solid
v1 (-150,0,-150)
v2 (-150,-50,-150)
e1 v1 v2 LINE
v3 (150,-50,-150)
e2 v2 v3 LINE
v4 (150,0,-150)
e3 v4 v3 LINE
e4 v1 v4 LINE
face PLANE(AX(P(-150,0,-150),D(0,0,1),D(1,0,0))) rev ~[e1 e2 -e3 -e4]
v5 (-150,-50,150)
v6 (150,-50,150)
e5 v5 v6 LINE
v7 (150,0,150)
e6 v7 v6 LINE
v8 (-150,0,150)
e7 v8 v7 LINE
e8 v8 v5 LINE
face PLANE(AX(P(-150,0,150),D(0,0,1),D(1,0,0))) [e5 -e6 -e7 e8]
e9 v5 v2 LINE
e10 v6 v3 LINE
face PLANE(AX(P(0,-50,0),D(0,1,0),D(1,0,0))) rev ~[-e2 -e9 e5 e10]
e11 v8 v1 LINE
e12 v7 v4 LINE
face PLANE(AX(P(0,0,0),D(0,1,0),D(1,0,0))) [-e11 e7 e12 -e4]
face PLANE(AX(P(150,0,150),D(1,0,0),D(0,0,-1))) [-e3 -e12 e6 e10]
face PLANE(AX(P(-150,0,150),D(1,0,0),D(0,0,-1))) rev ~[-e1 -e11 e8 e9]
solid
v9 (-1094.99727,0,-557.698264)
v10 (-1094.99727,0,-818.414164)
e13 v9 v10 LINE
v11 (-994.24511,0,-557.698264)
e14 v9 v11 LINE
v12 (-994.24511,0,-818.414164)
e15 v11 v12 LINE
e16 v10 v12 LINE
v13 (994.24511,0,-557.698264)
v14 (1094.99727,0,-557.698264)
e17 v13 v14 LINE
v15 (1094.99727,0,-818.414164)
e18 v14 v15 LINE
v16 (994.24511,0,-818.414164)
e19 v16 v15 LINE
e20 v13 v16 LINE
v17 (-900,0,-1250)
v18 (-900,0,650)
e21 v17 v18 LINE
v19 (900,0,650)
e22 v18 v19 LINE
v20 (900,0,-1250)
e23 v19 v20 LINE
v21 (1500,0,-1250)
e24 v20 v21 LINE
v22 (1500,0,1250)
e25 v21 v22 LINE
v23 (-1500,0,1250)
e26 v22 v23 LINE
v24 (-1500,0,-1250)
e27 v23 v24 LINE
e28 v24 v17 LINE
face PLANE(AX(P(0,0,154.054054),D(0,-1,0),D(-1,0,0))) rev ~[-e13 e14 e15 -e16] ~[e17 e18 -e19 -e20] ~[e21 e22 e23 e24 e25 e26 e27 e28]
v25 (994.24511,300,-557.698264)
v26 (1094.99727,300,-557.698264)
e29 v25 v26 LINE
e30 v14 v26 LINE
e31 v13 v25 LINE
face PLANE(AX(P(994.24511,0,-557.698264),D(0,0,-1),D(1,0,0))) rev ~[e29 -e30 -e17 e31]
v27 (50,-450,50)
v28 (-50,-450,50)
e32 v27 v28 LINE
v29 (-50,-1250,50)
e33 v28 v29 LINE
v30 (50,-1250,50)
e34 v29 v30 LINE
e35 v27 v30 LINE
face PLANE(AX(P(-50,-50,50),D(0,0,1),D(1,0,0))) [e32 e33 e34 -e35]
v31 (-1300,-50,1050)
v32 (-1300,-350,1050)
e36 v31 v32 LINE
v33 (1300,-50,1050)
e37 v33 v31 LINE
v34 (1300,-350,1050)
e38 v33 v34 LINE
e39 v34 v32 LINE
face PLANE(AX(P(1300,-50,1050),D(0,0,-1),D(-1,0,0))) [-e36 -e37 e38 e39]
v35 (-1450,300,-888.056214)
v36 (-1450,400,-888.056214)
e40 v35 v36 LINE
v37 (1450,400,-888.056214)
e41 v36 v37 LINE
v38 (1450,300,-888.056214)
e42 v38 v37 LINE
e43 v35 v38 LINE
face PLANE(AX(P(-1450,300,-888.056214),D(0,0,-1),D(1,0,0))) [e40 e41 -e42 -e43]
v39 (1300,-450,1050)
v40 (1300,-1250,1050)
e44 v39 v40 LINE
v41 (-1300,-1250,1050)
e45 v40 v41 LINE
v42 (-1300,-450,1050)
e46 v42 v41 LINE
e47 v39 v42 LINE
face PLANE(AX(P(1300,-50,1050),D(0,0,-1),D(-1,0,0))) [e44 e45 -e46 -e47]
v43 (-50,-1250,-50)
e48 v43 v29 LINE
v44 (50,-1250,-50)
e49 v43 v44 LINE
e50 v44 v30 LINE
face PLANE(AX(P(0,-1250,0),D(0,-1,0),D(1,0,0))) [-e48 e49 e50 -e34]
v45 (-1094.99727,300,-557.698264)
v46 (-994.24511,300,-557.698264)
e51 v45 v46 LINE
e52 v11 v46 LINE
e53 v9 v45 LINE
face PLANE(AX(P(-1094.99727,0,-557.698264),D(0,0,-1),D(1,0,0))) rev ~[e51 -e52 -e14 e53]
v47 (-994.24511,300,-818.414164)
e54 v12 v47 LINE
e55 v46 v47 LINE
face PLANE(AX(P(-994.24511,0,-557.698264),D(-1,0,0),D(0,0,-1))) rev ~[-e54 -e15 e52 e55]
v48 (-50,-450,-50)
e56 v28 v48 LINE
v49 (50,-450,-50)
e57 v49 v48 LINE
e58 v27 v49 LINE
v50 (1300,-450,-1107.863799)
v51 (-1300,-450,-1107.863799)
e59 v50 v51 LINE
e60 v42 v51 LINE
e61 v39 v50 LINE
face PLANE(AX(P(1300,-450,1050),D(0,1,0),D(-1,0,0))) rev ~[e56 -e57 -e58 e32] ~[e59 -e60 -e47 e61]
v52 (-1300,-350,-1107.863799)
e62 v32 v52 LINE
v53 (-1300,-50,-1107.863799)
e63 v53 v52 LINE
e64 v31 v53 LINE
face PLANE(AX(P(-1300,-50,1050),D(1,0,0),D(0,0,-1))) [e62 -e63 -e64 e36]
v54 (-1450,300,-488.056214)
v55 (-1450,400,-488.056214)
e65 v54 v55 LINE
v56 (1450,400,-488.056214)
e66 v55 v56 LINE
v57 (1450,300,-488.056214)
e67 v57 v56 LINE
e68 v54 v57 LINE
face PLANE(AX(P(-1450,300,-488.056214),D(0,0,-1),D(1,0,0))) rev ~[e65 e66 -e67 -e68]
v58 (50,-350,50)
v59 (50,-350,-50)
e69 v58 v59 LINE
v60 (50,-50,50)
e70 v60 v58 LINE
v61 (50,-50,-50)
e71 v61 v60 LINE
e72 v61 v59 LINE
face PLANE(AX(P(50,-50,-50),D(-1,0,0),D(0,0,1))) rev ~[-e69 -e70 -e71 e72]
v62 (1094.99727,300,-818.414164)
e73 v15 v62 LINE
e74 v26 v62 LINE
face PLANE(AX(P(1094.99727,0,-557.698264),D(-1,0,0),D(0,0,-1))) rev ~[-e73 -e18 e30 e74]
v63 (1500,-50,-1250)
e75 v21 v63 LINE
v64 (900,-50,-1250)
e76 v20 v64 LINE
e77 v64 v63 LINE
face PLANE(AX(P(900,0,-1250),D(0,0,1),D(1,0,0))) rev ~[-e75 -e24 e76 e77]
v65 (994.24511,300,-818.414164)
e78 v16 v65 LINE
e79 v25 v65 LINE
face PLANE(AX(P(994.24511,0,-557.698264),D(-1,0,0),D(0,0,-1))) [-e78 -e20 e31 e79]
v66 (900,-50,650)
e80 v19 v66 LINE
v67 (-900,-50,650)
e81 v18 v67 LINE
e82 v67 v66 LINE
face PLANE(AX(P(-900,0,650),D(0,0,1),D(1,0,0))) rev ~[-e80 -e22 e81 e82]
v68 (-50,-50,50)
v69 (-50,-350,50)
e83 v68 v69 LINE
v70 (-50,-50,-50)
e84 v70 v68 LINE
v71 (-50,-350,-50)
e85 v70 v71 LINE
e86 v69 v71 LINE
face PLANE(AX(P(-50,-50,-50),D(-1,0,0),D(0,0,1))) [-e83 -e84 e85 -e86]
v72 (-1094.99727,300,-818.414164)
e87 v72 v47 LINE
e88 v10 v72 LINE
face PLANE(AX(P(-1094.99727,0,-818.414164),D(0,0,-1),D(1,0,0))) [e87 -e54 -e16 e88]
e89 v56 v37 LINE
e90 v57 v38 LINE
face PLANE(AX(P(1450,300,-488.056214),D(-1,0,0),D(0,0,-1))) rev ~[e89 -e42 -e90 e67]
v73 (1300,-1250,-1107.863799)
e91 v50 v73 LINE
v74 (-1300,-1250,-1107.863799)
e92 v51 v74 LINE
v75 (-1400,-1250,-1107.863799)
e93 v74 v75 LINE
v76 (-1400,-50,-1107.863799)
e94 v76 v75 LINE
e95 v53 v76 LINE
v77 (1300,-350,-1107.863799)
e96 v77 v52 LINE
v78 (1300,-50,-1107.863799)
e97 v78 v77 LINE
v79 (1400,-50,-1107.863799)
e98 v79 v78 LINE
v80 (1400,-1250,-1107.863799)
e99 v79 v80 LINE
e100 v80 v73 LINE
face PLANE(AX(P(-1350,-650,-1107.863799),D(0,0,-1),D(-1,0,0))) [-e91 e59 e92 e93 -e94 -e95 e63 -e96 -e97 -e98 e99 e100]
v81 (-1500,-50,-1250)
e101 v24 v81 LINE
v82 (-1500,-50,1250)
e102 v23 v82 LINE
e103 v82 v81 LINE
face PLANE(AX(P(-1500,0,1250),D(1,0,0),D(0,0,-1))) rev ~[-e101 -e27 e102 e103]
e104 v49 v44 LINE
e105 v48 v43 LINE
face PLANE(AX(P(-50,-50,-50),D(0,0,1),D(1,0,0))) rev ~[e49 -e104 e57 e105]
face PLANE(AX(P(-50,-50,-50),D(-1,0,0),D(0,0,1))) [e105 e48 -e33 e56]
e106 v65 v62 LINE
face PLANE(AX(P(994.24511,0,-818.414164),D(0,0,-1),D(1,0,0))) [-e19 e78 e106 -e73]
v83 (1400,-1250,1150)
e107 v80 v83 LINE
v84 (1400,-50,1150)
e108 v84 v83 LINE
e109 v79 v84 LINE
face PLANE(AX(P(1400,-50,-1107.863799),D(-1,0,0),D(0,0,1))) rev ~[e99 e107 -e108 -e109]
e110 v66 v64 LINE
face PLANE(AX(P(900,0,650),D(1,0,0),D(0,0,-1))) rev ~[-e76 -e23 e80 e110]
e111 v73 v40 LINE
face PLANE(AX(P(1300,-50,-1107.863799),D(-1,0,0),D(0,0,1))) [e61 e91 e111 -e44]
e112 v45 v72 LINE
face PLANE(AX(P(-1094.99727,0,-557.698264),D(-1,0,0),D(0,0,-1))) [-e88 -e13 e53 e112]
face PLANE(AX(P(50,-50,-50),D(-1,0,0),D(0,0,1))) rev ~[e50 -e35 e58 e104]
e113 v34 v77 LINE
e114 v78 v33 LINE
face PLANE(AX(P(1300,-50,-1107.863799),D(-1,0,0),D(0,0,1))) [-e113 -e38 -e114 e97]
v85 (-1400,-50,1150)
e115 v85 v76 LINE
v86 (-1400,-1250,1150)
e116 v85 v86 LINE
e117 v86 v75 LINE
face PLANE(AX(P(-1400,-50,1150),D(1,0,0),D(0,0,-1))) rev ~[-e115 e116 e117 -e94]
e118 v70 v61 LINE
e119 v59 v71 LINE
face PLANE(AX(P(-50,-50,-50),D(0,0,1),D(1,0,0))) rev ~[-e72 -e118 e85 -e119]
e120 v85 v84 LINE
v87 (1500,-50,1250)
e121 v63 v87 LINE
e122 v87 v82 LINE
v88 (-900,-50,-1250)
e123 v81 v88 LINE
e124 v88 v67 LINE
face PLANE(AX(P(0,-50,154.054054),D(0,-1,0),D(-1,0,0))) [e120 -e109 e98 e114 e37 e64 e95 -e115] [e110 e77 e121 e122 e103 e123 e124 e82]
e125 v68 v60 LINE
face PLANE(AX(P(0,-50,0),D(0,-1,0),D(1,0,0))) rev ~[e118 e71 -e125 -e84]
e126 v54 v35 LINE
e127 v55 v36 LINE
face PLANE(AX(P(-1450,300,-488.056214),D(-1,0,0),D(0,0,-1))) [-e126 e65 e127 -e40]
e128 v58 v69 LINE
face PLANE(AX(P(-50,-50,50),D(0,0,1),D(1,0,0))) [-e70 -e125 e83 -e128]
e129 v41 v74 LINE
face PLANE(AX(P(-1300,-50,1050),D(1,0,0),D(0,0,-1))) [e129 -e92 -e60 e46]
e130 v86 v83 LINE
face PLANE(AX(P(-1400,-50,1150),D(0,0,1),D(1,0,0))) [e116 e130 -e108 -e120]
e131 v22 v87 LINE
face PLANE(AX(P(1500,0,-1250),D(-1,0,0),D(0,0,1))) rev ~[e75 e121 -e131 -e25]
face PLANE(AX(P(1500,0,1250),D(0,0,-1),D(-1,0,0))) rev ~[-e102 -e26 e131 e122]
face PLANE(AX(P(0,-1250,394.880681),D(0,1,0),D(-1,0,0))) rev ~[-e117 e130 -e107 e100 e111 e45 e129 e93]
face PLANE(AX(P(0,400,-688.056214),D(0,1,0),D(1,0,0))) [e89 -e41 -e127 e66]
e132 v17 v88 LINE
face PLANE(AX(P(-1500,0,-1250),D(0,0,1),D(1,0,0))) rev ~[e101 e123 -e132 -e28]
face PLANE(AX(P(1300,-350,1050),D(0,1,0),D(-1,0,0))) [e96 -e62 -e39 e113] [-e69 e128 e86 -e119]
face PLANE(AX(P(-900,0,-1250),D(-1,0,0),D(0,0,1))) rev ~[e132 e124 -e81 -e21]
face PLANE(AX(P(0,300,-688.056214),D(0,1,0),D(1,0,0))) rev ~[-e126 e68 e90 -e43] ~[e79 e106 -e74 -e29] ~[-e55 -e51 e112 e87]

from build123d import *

# Parameters (mm, degrees)
BOSS_EXTRUDE1_DEPTH   = 50
SKETCH1_W             = 300
SKETCH1_H             = 300
BOSS_EXTRUDE1_2_DEPTH = 50
SKETCH2_W             = 100
SKETCH2_H             = 100
BOSS_EXTRUDE2_DEPTH   = 1200
BOSS_EXTRUDE3_REACH   = 3019.035
SKETCH3_W             = 2600
SKETCH3_H             = 100
SKETCH4_W             = 100.752159197
SKETCH4_H             = 260.715900264
BOSS_EXTRUDE4_DEPTH   = 300
SKETCH5_W             = 2900
SKETCH5_H             = 400
BOSS_EXTRUDE5_DEPTH   = 100


with BuildPart() as part:
    # Sketch1 → Boss-Extrude1 (new body)
    with BuildSketch(Plane(origin=(0, 0, 0), x_dir=(1, 0, 0), z_dir=(0, 1, 0))):
        Polygon((-900, 1250), (-900, -650), (900, -650), (900, 1250), (1500, 1250), (1500, -1250), (-1500, -1250), (-1500, 1250), align=None)
    extrude(amount=-BOSS_EXTRUDE1_DEPTH)

    # Sketch2 → Boss-Extrude2 (add)
    with BuildSketch(Plane.XZ.offset(50)):
        Polygon((-1400, 1150), (1400, 1150), (1400, 1050), (1400, -1107.863798508), (1300, -1107.863798508), (1300, 1050), (-1300, 1050), (-1300, -1107.863798508), (-1400, -1107.863798508), (-1400, 1050), align=None)
        Rectangle(SKETCH2_W, SKETCH2_H)
    extrude(amount=BOSS_EXTRUDE2_DEPTH)


with BuildPart() as body_2:
    # Sketch1 → Boss-Extrude1 2 (new body)
    with BuildSketch(Plane(origin=(0, 0, 0), x_dir=(1, 0, 0), z_dir=(0, 1, 0))):
        Rectangle(SKETCH1_W, SKETCH1_H)
    extrude(amount=-BOSS_EXTRUDE1_2_DEPTH)


with BuildPart() as boss_extrude2_piece_1:
    # of the separate pieces the step leaves, piece 1, a body of its own (boss_extrude2_pieces)
    add(part.part.solids().sort_by_distance((-900, 0, -1250))[0])

    # Boss-Extrude3: up to this face of the body (flat: up to its plane)
    boss_extrude3_end = Plane(boss_extrude2_piece_1.part.faces().sort_by_distance((-1350, -650, -1107.863798508))[0])
    # Sketch3 → Boss-Extrude3 (add, up to the picked face)
    with BuildSketch(Plane(origin=(0, 0, 1050), x_dir=(-1, 0, 0), z_dir=(0, 0, -1)), mode=Mode.PRIVATE) as boss_extrude3_sk1:
        with Locations((0, -400)):
            Rectangle(SKETCH3_W, SKETCH3_H)
    boss_extrude3_tool1 = split(extrude(boss_extrude3_sk1.sketch, amount=BOSS_EXTRUDE3_REACH, mode=Mode.PRIVATE), bisect_by=boss_extrude3_end, keep=Keep.BOTH, mode=Mode.PRIVATE)


with BuildPart() as boss_extrude2_piece_2:
    # of the separate pieces the step leaves, piece 2, a body of its own (boss_extrude2_pieces)
    add(part.part.solids().sort_by_distance((50, -50, -50))[0])


with BuildPart() as boss_extrude2_piece_1_1:
    add(boss_extrude2_piece_1.part)

    add(boss_extrude2_piece_2.part)  # Boss-Extrude3 merges Boss-Extrude2 piece 2
    add(boss_extrude3_tool1.solids().sort_by(Axis((0, -400, 1050), (0, 0, -1)))[0])

    # Sketch4 → Boss-Extrude4 (add)
    with BuildSketch(Plane(origin=(0, 0, 0), x_dir=(1, 0, 0), z_dir=(0, 1, 0))):
        with Locations((1044.621190012, 688.056214023)):
            Rectangle(SKETCH4_W, SKETCH4_H)
        with Locations((-1044.621190012, 688.056214023)):
            Rectangle(SKETCH4_W, SKETCH4_H)
    extrude(amount=BOSS_EXTRUDE4_DEPTH)

    # Sketch5 → Boss-Extrude5 (add)
    with BuildSketch(Plane(origin=(0, 300, 0), x_dir=(1, 0, 0), z_dir=(0, 1, 0))):
        with Locations((0, 688.056214023)):
            Rectangle(SKETCH5_W, SKETCH5_H)
    extrude(amount=BOSS_EXTRUDE5_DEPTH)


solid = Compound([body_2.part, boss_extrude2_piece_1_1.part])
